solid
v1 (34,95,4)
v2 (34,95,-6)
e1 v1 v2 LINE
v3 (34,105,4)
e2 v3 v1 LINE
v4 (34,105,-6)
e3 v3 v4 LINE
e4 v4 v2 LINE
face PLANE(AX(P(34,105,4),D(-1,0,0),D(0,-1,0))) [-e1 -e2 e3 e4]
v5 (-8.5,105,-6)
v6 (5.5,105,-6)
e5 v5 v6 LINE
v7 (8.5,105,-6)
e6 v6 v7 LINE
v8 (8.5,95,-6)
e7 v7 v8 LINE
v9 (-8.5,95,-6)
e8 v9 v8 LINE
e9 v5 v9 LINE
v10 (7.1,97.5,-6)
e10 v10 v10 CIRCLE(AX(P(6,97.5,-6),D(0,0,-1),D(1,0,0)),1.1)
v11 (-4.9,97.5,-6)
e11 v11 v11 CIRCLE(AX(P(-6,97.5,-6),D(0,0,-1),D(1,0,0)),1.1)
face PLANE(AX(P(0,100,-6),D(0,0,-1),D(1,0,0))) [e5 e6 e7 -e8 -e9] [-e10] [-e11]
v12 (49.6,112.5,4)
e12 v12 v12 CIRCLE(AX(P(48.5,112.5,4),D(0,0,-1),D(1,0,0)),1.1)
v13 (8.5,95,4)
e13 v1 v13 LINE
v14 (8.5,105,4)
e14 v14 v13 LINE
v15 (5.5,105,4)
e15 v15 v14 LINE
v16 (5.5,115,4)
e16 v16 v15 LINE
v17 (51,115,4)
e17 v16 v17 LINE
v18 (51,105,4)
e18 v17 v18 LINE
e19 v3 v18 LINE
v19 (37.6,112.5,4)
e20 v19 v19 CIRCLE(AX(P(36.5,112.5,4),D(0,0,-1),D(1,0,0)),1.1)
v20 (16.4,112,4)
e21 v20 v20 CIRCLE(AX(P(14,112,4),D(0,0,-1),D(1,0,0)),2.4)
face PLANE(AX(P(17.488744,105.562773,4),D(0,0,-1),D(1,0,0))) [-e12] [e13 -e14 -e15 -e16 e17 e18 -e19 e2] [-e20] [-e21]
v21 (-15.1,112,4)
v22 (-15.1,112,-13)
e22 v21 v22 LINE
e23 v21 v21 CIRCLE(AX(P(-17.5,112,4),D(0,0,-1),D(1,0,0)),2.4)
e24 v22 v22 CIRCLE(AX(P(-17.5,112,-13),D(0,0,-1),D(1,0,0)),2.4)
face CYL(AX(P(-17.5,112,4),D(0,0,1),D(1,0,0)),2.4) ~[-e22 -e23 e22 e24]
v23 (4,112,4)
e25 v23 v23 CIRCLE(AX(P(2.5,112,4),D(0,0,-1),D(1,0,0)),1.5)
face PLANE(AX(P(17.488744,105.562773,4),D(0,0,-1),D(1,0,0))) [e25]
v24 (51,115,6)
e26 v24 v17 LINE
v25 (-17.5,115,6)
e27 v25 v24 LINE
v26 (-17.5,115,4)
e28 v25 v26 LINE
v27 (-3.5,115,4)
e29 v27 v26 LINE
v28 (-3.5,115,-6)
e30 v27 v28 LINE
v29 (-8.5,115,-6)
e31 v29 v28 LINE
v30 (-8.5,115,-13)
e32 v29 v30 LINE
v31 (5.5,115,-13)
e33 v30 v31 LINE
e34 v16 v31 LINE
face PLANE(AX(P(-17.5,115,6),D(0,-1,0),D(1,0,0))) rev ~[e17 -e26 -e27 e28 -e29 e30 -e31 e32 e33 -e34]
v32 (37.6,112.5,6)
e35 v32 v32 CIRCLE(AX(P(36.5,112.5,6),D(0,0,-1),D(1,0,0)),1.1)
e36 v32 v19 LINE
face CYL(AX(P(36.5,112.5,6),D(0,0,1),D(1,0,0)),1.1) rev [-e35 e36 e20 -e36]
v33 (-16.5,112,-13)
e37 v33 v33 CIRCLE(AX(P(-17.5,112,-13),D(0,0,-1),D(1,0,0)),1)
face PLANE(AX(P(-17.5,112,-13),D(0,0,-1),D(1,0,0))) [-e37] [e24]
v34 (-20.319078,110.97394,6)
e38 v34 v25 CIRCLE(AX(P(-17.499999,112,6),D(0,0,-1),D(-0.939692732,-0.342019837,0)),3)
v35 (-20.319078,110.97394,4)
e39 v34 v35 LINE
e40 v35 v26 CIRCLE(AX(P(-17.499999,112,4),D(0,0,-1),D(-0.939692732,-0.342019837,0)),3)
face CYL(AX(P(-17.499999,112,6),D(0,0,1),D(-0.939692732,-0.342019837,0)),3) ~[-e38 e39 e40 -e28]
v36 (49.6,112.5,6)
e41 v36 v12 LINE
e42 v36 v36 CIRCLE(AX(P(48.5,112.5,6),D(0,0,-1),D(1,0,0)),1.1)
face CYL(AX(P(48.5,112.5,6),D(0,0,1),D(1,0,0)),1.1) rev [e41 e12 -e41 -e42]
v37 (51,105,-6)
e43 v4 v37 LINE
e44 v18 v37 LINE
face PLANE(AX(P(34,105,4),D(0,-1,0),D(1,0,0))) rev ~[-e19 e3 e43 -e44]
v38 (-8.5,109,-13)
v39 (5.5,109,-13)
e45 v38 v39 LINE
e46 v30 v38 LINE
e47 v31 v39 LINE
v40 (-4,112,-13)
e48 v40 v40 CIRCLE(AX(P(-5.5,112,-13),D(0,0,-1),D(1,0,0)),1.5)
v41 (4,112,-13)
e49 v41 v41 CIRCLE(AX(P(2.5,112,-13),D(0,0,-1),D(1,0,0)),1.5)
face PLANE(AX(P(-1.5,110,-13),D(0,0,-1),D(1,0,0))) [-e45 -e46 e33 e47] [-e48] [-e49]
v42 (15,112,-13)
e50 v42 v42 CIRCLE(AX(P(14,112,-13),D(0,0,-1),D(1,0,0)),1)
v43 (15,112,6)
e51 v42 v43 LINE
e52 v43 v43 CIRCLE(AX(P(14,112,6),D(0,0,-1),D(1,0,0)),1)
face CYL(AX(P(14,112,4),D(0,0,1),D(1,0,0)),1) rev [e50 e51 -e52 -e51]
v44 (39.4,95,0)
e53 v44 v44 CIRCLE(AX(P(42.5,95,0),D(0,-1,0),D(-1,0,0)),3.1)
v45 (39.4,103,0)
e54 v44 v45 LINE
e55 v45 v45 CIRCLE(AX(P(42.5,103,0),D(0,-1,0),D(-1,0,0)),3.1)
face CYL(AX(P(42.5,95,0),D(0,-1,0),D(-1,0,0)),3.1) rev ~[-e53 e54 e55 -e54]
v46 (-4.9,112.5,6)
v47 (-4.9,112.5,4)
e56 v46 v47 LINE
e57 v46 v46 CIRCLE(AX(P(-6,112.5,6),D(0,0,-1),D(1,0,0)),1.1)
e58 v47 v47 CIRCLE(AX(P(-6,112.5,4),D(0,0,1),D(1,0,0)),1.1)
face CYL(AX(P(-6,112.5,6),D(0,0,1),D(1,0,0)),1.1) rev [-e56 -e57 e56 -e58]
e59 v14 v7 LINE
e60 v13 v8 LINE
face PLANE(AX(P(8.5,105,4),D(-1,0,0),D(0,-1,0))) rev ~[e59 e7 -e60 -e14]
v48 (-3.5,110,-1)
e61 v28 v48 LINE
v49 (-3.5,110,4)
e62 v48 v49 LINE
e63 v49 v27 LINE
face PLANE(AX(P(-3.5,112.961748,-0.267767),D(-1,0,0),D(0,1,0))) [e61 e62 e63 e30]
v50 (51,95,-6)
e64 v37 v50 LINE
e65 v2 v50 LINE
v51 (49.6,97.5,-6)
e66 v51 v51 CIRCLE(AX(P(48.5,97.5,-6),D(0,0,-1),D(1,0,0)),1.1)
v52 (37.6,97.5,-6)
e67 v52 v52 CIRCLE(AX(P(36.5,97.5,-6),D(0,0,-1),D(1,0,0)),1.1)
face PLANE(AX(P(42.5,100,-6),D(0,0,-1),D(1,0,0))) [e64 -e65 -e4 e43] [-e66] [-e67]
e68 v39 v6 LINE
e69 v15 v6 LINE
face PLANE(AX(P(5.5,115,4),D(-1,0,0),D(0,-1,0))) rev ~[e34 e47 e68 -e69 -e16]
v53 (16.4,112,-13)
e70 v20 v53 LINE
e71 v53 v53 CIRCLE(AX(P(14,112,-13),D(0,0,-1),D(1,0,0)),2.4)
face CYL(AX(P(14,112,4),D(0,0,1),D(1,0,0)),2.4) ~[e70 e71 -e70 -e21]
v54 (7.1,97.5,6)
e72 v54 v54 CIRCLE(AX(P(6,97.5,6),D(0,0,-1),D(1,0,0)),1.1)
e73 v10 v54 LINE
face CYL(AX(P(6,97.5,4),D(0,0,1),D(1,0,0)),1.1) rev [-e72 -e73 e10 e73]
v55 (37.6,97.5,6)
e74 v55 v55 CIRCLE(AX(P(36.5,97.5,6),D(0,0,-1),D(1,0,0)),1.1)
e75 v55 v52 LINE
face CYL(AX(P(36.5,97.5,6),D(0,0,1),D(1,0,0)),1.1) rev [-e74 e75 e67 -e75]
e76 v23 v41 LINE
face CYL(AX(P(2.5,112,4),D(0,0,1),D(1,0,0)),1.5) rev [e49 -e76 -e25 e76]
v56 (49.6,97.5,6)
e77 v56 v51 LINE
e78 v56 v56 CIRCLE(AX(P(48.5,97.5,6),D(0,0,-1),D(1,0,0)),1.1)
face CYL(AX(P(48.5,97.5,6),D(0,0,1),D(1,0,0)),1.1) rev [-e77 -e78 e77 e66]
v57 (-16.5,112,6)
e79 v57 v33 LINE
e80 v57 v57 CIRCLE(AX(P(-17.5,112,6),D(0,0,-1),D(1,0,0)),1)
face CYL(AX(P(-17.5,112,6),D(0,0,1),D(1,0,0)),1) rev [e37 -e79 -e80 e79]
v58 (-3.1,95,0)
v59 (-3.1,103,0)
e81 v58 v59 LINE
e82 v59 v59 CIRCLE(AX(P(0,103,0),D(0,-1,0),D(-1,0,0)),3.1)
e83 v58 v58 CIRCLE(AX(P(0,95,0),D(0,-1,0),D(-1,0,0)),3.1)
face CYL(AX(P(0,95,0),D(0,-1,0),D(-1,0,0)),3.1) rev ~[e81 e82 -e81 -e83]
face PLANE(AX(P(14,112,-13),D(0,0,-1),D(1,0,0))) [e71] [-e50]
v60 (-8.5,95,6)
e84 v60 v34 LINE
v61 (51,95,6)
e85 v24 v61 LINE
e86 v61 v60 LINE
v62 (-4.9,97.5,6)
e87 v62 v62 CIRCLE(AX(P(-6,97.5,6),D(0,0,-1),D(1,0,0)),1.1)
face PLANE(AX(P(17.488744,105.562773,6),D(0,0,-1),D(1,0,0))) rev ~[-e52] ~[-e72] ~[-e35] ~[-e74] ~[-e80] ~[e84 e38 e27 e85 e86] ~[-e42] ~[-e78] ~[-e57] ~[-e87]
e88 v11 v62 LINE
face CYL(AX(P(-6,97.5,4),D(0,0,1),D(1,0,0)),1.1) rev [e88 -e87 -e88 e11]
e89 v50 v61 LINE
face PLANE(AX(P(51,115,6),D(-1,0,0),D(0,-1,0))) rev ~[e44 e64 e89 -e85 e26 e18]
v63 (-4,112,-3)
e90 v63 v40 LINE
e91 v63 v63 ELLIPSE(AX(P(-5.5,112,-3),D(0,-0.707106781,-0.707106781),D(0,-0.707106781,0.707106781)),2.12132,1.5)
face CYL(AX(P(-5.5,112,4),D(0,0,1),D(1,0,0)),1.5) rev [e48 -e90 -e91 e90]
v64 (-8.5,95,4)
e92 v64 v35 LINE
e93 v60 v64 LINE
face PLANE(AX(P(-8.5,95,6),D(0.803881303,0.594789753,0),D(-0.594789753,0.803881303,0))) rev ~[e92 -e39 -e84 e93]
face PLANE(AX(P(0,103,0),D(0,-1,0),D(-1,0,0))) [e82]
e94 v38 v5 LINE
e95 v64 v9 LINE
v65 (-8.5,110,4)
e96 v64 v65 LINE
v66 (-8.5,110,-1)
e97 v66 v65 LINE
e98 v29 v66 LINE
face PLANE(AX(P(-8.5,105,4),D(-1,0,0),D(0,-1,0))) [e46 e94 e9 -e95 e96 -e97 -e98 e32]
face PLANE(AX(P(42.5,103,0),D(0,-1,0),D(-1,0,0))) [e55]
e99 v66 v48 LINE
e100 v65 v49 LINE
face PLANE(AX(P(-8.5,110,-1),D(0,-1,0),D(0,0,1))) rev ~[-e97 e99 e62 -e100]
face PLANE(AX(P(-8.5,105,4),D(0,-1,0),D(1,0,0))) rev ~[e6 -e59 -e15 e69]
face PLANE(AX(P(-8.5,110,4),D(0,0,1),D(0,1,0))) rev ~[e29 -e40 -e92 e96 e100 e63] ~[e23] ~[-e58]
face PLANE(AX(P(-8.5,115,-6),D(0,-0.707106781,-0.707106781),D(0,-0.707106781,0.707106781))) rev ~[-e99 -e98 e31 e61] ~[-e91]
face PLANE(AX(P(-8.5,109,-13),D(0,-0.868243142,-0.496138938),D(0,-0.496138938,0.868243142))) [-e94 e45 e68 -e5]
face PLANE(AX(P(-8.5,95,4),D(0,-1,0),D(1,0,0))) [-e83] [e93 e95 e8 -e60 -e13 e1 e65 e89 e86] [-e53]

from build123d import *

# Parameters (mm, degrees)
SKETCH056_R     = 1.1
SKETCH056_R_2   = 1
PAD026_DEPTH    = 2
SKETCH072_W     = 17
SKETCH072_H     = 10
SKETCH072_R     = 1.1
PAD031_DEPTH    = 10
SKETCH073_R     = 2.4
SKETCH073_R_2   = 1
SKETCH073_W     = 14
SKETCH073_H     = 10
SKETCH073_R_3   = 1.5
PAD032_DEPTH    = 17
POCKET035_DEPTH = 14
POCKET036_DEPTH = 5
SKETCH076_R     = 3.1
POCKET037_DEPTH = 8


with BuildPart() as part:
    # Sketch056 → Pad026 (new body)
    with BuildSketch(Plane(origin=(-8.5, 115, 6), x_dir=(1, 0, 0), z_dir=(0, 0, -1))):
        with BuildLine():
            Line((0, 0), (59.5, 0))
            Line((59.5, 0), (59.5, 20))
            Line((59.5, 20), (0, 20))
            Line((0, 20), (-11.819078, 4.02606))
            ThreePointArc((-11.819078, 4.02606), (-11.457456, 1.279271), (-9, 0))
            Line((0, 0), (-9, 0))
        make_face()
        with Locations((2.5, 17.5)):
            Circle(SKETCH056_R, mode=Mode.SUBTRACT)
        with Locations((14.5, 17.5)):
            Circle(SKETCH056_R, mode=Mode.SUBTRACT)
        with Locations((45, 17.5)):
            Circle(SKETCH056_R, mode=Mode.SUBTRACT)
        with Locations((45, 2.5)):
            Circle(SKETCH056_R, mode=Mode.SUBTRACT)
        with Locations((57, 17.5)):
            Circle(SKETCH056_R, mode=Mode.SUBTRACT)
        with Locations((57, 2.5)):
            Circle(SKETCH056_R, mode=Mode.SUBTRACT)
        with Locations((2.5, 2.5)):
            Circle(SKETCH056_R, mode=Mode.SUBTRACT)
        with Locations((22.5, 3)):
            Circle(SKETCH056_R_2, mode=Mode.SUBTRACT)
        with Locations((-9, 3)):
            Circle(SKETCH056_R_2, mode=Mode.SUBTRACT)
    extrude(amount=PAD026_DEPTH)

    # Sketch072 → Pad031 (new body)
    with BuildSketch(Plane(origin=(-8.5, 115, 4), x_dir=(1, 0, 0), z_dir=(0, 0, -1))):
        with Locations((8.5, 15)):
            Rectangle(SKETCH072_W, SKETCH072_H)
        with Locations((2.5, 17.5)):
            Circle(SKETCH072_R, mode=Mode.SUBTRACT)
        with Locations((14.5, 17.5)):
            Circle(SKETCH072_R, mode=Mode.SUBTRACT)
        with Locations((51, 15)):
            Rectangle(SKETCH072_W, SKETCH072_H)
        with Locations((45, 17.5)):
            Circle(SKETCH072_R, mode=Mode.SUBTRACT)
        with Locations((57, 17.5)):
            Circle(SKETCH072_R, mode=Mode.SUBTRACT)
    extrude(amount=PAD031_DEPTH)

    # Sketch073 → Pad032 (new body)
    with BuildSketch(Plane(origin=(-8.5, 115, 4), x_dir=(1, 0, 0), z_dir=(0, 0, -1))):
        with Locations((22.5, 3)):
            Circle(SKETCH073_R)
        with Locations((22.5, 3)):
            Circle(SKETCH073_R_2, mode=Mode.SUBTRACT)
        with Locations((-9, 3)):
            Circle(SKETCH073_R)
        with Locations((-9, 3)):
            Circle(SKETCH073_R_2, mode=Mode.SUBTRACT)
        with Locations((7, 5)):
            Rectangle(SKETCH073_W, SKETCH073_H)
        with Locations((11, 3)):
            Circle(SKETCH073_R_3, mode=Mode.SUBTRACT)
        with Locations((3, 3)):
            Circle(SKETCH073_R_3, mode=Mode.SUBTRACT)
    extrude(amount=PAD032_DEPTH)

    # Sketch074 → Pocket035 (cut)
    with BuildSketch(Plane(origin=(-8.5, 115, 6), x_dir=(0, 1, 0), z_dir=(-1, 0, 0))):
        Polygon((-10, 12), (-10, 19), (-6, 19), align=None)
    extrude(amount=-POCKET035_DEPTH, mode=Mode.SUBTRACT)

    # Sketch075 → Pocket036 (cut)
    with BuildSketch(Plane(origin=(-8.5, 115, 6), x_dir=(0, 1, 0), z_dir=(-1, 0, 0))):
        Polygon((0, 2), (0, 12), (-5, 7), (-5, 2), align=None)
    extrude(amount=-POCKET036_DEPTH, mode=Mode.SUBTRACT)

    # Sketch076 → Pocket037 (cut)
    with BuildSketch(Plane(origin=(-8.5, 95, 6), x_dir=(-1, 0, 0), z_dir=(0, -1, 0))):
        with Locations((-8.5, 6)):
            Circle(SKETCH076_R)
        with Locations((-51, 6)):
            Circle(SKETCH076_R)
    extrude(amount=-POCKET037_DEPTH, mode=Mode.SUBTRACT)


solid = part.part
